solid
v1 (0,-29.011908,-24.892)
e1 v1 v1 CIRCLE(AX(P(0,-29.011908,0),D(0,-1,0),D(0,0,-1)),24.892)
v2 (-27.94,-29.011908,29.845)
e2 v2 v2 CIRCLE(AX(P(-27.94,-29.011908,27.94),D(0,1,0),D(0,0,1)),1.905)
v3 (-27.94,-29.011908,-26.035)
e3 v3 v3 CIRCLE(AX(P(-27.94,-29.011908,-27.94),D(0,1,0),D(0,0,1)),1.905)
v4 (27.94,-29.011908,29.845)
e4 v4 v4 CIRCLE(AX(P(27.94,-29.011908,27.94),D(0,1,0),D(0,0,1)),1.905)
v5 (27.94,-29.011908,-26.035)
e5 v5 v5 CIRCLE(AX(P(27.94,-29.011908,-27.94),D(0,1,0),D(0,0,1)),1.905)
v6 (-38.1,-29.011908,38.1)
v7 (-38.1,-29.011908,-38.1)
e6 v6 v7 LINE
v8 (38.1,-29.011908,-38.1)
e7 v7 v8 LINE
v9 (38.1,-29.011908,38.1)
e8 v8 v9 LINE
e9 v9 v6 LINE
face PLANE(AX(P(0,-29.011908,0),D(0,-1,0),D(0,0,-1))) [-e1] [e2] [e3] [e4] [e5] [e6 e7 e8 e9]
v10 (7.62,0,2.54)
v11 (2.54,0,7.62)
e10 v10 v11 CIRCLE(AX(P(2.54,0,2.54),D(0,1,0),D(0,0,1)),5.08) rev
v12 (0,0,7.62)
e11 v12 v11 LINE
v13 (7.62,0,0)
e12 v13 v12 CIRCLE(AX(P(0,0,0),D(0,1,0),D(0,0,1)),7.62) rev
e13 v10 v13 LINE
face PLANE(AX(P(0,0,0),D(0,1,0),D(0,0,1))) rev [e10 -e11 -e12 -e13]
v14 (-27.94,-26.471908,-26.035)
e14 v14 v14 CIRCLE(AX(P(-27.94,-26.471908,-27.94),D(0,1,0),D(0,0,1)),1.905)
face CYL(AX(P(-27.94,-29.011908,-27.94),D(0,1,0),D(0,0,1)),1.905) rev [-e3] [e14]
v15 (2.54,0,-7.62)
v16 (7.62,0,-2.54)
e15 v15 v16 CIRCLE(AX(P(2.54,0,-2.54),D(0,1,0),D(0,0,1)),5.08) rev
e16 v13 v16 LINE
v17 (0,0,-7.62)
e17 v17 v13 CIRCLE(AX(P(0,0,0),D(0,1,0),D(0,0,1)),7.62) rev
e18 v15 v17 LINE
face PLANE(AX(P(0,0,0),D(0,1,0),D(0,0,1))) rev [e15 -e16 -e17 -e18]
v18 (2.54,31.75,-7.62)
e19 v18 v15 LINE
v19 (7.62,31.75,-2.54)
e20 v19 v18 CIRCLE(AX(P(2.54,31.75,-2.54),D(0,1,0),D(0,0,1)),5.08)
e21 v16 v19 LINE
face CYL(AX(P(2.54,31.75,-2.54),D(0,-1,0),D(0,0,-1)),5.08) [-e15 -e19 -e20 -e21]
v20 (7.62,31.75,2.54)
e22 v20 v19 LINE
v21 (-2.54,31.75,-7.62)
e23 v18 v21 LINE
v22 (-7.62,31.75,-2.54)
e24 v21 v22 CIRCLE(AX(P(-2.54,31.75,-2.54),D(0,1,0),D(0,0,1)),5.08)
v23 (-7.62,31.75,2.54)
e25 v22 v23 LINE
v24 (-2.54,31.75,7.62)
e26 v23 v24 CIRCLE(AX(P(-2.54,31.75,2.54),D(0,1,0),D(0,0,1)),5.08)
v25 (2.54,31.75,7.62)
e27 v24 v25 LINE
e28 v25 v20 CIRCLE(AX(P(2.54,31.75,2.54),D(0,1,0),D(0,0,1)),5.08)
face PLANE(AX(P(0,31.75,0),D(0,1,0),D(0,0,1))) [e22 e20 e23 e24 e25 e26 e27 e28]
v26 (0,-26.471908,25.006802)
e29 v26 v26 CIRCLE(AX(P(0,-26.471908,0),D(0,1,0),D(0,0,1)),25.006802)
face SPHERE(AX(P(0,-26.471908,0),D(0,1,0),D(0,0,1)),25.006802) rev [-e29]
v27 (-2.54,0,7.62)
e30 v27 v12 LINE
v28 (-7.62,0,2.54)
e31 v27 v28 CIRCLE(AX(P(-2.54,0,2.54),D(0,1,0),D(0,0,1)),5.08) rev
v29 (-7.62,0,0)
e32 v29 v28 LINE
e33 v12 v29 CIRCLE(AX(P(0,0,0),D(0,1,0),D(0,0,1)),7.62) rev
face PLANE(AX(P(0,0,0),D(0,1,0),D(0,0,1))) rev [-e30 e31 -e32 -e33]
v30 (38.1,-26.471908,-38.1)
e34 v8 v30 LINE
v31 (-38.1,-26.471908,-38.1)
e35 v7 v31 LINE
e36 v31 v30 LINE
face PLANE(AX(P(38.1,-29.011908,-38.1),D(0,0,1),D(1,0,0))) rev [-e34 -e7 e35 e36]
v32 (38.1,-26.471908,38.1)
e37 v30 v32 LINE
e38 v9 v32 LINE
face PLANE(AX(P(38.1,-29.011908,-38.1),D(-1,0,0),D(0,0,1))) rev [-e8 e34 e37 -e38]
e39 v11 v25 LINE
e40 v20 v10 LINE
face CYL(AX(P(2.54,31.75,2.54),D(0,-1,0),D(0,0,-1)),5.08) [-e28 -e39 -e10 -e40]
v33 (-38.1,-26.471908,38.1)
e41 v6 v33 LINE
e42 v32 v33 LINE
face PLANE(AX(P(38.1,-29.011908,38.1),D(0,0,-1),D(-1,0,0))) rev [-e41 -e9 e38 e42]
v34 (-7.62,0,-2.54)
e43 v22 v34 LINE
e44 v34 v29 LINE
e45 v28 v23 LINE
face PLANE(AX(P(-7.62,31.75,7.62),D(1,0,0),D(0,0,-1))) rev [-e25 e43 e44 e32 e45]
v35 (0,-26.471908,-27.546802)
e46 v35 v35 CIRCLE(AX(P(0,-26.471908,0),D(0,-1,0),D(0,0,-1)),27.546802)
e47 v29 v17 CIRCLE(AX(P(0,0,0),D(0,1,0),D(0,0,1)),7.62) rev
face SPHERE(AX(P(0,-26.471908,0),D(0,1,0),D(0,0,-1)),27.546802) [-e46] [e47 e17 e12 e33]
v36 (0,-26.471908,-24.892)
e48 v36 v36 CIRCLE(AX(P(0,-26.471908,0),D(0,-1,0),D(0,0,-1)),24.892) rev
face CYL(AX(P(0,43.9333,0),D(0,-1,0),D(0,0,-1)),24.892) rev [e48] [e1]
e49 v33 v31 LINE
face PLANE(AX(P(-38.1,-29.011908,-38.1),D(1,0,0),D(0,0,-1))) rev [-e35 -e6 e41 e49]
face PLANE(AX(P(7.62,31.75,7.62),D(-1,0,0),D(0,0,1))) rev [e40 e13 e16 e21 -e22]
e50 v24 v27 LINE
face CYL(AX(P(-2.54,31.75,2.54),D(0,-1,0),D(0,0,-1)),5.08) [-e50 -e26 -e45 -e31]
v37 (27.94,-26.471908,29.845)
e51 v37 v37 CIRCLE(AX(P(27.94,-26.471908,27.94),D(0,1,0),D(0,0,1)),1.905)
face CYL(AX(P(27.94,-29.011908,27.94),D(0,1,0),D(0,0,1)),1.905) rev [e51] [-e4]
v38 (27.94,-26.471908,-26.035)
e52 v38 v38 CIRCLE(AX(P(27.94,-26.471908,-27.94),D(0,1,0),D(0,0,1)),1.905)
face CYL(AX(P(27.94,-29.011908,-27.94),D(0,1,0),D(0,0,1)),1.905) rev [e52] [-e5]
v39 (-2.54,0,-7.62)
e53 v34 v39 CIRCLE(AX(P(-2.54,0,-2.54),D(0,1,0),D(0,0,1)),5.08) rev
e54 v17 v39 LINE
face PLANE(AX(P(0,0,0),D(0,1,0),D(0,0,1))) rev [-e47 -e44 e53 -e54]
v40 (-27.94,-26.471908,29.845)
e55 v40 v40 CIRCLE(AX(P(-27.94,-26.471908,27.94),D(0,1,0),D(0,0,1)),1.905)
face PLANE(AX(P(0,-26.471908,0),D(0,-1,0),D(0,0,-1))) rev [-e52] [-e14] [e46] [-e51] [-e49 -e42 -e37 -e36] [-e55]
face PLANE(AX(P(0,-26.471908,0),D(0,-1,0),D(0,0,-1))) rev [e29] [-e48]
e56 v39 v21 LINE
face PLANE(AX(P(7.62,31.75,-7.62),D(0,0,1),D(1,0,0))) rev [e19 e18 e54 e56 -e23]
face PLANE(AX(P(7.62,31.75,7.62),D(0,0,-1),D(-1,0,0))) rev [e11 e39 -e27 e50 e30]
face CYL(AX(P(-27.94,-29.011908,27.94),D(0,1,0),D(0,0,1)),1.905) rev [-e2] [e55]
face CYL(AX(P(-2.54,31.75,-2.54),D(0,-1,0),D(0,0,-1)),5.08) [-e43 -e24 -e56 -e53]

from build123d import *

# Parameters (mm, degrees)
BOSS_EXTRUDE1_DEPTH  = 31.75
FILLET1_R            = 5.08
BOSS_EXTRUDE2_DEPTH  = 2.5399999999999996
SKETCH5_R            = 24.891999999999996
CUT_EXTRUDE1_DEPTH   = 2.54
SKETCH6_R            = 1.905
CUT_EXTRUDE2_DEPTH   = 80.32849774232189
LPATTERN1_COUNT      = 2
LPATTERN1_PITCH      = 55.88
LPATTERN1_COUNT_DIR2 = 2
LPATTERN1_PITCH_DIR2 = 55.88


with BuildPart() as part:
    # Sketch1 → Boss-Extrude1 (new body)
    with BuildSketch(Plane(origin=(0, 0, 0), x_dir=(1, 0, 0), z_dir=(0, 1, 0))):
        Polygon((7.620000000000001, -7.619999999999999), (-7.619999999999997, -7.620000000000001), (-7.619999999999997, 7.619999999999997), (7.62, 7.619999999999999), align=None)
    extrude(amount=BOSS_EXTRUDE1_DEPTH)

    # Fillet1
    fillet1_edges = [part.edges().sort_by_distance(p)[0] for p in [
        (-7.619999999999997, 15.875, -7.619999999999997),
        (7.62, 15.875, -7.619999999999999),
        (7.620000000000001, 15.875, 7.619999999999999),
        (-7.619999999999997, 15.875, 7.620000000000001),
    ]]
    fillet(fillet1_edges, radius=FILLET1_R)

    # Sketch3 → Revolve1 (revolve)
    with BuildSketch(Plane(origin=(0, 0, 0), x_dir=(0, 0, -1), z_dir=(1, 0, 0)), mode=Mode.PRIVATE) as revolve1_sk:
        with BuildLine():
            Line((25.00680208994189, -26.471907853088844), (27.546802089941888, -26.471907853088844))
            ThreePointArc((27.546802089941888, -26.471907853088844), (19.47853055780167, -6.993377295287178), (0, 1.0748942368530439))
            Line((0, 1.0748942368530439), (0, -1.4651057631469566))
            ThreePointArc((0, -1.4651057631469566), (17.68247933358784, -8.789428519501008), (25.00680208994189, -26.471907853088844))
        make_face()
    revolve(revolve1_sk.sketch.rotate(Axis((0, -1.26539568401347, 0), (0, -1, 0)), 180), axis=Axis((0, -1.26539568401347, 0), (0, -1, 0)))

    # Sketch4 → Boss-Extrude2 (add)
    with BuildSketch(Plane.XZ.offset(26.471907853088844)):
        Polygon((38.10000000000001, -38.099999999999994), (-38.099999999999994, -38.10000000000001), (-38.099999999999994, 38.099999999999994), (38.10000000000001, 38.10000000000001), align=None)
    extrude(amount=BOSS_EXTRUDE2_DEPTH)

    # Sketch5 → Cut-Extrude1 (cut)
    with BuildSketch(Plane.XZ.offset(29.011907853088847)):
        with Locations(Location((0, 0, 0), (0, 0, 270))):
            Circle(SKETCH5_R)
    extrude(amount=-CUT_EXTRUDE1_DEPTH, mode=Mode.SUBTRACT)

    # Sketch6 → Cut-Extrude2 (cut, through all)
    with BuildSketch(Plane(origin=(0, -26.471907853088844, 0), x_dir=(1, 0, 0), z_dir=(0, 1, 0))):
        with Locations(Location((-27.939999999999998, 27.94000000000001, 0), (0, 0, 270))):
            Circle(SKETCH6_R)
    cut_extrude2 = extrude(amount=-CUT_EXTRUDE2_DEPTH, mode=Mode.SUBTRACT)

    # LPattern1: Cut-Extrude2 2 × 2
    with Locations(*[(i * LPATTERN1_PITCH, 0, j * LPATTERN1_PITCH_DIR2) for i in range(LPATTERN1_COUNT) for j in range(LPATTERN1_COUNT_DIR2) if (i, j) != (0, 0)]):
        add(cut_extrude2, mode=Mode.SUBTRACT)


solid = part.part
